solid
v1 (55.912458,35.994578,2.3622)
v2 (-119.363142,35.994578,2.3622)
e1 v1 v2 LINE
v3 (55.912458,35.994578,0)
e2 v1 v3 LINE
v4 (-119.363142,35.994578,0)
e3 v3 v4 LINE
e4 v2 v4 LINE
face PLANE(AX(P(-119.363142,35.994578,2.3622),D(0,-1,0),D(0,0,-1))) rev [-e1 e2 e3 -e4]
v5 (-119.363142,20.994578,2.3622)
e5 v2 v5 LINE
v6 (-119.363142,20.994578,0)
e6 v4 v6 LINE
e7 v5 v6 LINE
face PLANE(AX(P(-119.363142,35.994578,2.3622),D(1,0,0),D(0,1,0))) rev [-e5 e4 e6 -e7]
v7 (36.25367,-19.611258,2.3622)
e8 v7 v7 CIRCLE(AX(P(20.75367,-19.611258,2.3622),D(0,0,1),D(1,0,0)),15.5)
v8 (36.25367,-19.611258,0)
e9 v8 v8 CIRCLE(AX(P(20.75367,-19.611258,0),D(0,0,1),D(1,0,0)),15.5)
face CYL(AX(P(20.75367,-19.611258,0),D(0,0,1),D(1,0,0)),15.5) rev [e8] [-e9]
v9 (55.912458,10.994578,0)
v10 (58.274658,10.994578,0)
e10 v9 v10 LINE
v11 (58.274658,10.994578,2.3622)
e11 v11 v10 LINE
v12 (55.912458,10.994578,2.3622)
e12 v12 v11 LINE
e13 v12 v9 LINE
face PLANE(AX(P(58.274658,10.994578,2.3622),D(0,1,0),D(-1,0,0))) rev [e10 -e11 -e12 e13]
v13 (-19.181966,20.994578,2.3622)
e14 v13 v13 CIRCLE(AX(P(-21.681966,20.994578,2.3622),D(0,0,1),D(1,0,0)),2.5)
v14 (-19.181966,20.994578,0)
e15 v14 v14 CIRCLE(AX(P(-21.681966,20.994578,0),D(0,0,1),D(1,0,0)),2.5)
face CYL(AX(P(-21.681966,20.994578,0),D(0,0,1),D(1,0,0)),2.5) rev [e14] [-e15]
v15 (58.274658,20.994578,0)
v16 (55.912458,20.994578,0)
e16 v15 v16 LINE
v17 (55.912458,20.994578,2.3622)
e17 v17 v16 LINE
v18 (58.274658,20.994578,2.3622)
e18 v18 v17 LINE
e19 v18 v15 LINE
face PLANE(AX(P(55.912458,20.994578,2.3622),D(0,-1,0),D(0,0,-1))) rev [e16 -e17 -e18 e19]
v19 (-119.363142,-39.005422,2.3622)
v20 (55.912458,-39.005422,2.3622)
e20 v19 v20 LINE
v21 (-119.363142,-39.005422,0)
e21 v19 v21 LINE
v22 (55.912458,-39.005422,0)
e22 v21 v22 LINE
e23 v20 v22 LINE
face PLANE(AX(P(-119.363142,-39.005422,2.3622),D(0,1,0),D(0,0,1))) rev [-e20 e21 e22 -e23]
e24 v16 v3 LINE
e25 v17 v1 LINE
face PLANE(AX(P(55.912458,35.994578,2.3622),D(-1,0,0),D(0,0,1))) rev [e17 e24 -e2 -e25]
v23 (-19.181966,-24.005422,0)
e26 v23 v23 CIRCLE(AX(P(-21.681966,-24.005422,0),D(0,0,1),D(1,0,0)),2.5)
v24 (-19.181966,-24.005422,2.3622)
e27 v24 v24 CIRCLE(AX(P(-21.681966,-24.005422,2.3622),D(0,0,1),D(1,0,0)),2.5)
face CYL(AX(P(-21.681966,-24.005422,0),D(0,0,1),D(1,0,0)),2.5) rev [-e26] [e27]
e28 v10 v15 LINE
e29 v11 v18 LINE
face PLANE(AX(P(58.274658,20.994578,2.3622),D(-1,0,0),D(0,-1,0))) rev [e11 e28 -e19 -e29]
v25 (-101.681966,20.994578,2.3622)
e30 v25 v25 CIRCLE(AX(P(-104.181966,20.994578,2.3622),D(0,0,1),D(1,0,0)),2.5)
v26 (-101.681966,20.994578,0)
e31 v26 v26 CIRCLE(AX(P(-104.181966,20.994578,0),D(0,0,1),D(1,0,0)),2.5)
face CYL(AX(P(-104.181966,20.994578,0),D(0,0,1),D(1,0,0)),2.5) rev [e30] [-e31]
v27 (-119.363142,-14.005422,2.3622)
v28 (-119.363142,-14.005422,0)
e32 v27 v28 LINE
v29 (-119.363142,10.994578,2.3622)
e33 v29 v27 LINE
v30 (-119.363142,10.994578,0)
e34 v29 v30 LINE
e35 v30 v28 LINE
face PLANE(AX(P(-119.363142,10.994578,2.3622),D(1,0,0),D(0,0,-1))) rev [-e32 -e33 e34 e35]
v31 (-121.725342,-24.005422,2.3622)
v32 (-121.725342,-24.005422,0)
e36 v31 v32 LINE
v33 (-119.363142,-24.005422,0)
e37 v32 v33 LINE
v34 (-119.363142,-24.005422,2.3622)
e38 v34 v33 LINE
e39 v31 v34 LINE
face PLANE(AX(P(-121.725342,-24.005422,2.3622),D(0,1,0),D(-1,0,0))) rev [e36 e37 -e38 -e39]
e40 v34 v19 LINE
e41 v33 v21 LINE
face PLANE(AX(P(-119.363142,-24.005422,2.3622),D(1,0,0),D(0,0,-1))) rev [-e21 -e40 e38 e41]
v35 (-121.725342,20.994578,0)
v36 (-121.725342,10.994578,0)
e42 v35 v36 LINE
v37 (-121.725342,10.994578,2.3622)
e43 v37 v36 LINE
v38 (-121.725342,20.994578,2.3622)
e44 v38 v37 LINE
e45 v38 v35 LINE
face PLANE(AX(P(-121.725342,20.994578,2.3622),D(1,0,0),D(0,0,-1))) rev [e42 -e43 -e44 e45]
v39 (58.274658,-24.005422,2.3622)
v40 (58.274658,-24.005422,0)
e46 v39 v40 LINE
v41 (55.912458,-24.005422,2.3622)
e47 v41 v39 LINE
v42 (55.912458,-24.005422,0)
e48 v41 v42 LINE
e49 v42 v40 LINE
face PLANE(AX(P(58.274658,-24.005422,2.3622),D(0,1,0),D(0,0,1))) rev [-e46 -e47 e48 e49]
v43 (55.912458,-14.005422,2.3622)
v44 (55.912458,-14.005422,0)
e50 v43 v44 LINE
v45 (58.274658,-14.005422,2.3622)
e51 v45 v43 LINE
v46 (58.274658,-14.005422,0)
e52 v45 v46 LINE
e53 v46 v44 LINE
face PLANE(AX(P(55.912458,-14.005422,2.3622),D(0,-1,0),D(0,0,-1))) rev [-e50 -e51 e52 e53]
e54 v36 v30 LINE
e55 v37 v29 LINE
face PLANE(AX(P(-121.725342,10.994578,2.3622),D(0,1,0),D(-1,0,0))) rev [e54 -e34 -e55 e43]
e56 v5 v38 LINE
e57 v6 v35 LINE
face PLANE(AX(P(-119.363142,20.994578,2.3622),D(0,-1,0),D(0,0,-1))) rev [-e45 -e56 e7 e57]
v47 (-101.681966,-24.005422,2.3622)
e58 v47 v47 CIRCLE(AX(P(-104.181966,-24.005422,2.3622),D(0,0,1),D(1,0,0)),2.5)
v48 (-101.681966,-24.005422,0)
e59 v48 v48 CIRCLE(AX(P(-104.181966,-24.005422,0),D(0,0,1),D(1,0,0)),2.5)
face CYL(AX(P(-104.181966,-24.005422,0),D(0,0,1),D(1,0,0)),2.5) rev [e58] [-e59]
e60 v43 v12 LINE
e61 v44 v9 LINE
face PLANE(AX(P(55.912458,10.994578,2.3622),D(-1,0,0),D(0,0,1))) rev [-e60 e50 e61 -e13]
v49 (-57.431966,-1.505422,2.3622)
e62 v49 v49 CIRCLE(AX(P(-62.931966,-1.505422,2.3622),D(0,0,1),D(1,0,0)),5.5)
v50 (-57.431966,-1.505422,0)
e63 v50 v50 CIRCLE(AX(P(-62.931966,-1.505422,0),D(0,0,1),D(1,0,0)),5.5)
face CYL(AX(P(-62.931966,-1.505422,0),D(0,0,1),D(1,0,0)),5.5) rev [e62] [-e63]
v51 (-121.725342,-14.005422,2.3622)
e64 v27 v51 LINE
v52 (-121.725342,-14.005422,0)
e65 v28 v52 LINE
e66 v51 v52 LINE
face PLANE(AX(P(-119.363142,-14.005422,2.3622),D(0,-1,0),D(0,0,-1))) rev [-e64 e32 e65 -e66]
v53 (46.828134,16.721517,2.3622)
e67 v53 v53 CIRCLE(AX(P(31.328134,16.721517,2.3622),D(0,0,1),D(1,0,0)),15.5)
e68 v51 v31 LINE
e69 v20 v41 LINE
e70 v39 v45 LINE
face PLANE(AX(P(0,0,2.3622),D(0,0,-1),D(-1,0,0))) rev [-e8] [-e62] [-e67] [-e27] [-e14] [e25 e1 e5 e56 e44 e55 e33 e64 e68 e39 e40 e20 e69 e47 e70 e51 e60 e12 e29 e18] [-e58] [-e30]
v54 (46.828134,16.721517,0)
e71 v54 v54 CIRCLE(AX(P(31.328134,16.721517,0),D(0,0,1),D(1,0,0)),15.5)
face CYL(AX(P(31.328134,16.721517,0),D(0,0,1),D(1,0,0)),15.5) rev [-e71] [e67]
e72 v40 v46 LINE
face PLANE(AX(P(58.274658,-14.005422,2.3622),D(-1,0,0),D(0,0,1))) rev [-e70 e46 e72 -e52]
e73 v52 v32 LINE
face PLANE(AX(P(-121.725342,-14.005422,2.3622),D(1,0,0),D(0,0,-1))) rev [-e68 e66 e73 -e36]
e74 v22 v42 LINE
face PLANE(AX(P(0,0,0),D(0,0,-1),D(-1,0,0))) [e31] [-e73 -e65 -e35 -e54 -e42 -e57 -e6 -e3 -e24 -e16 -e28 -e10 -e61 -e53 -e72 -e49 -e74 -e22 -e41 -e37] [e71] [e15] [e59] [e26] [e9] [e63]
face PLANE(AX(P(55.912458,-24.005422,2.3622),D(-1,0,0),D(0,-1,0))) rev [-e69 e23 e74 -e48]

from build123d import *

# Parameters (mm, degrees)
BOSS_EXTRUDE1_DEPTH = 2.3622
SKETCH2_R           = 15.5
SKETCH2_R_2         = 5.5
SKETCH2_R_3         = 2.5
CUT_EXTRUDE1_DEPTH  = 128.843896579


with BuildPart() as part:
    # Sketch1 → Boss-Extrude1 (new body)
    with BuildSketch(Plane.XY):
        Polygon((-119.363142231, 35.994577783), (-119.363142231, 20.994577783), (-121.725342231, 20.994577783), (-121.725342231, 10.994577783), (-119.363142231, 10.994577783), (-119.363142231, -14.005422217), (-121.725342231, -14.005422217), (-121.725342231, -24.005422217), (-119.363142231, -24.005422217), (-119.363142231, -39.005422217), (55.912457769, -39.005422217), (55.912457769, -24.005422217), (58.274657769, -24.005422217), (58.274657769, -14.005422217), (55.912457769, -14.005422217), (55.912457769, 10.994577783), (58.274657769, 10.994577783), (58.274657769, 20.994577783), (55.912457769, 20.994577783), (55.912457769, 35.994577783), align=None)
    extrude(amount=BOSS_EXTRUDE1_DEPTH)

    # Sketch2 → Cut-Extrude1 (cut, through all)
    with BuildSketch(Plane.XY.offset(2.3622)):
        with Locations((31.328134445, 16.721516998)):
            Circle(SKETCH2_R)
        with Locations((20.753669958, -19.61125842)):
            Circle(SKETCH2_R)
        with Locations((-62.931965905, -1.505422217)):
            Circle(SKETCH2_R_2)
        with Locations((-104.181965905, 20.994577783)):
            Circle(SKETCH2_R_3)
        with Locations((-21.681965905, 20.994577783)):
            Circle(SKETCH2_R_3)
        with Locations((-21.681965905, -24.005422217)):
            Circle(SKETCH2_R_3)
        with Locations((-104.181965905, -24.005422217)):
            Circle(SKETCH2_R_3)
    extrude(amount=-CUT_EXTRUDE1_DEPTH, mode=Mode.SUBTRACT)


solid = part.part
